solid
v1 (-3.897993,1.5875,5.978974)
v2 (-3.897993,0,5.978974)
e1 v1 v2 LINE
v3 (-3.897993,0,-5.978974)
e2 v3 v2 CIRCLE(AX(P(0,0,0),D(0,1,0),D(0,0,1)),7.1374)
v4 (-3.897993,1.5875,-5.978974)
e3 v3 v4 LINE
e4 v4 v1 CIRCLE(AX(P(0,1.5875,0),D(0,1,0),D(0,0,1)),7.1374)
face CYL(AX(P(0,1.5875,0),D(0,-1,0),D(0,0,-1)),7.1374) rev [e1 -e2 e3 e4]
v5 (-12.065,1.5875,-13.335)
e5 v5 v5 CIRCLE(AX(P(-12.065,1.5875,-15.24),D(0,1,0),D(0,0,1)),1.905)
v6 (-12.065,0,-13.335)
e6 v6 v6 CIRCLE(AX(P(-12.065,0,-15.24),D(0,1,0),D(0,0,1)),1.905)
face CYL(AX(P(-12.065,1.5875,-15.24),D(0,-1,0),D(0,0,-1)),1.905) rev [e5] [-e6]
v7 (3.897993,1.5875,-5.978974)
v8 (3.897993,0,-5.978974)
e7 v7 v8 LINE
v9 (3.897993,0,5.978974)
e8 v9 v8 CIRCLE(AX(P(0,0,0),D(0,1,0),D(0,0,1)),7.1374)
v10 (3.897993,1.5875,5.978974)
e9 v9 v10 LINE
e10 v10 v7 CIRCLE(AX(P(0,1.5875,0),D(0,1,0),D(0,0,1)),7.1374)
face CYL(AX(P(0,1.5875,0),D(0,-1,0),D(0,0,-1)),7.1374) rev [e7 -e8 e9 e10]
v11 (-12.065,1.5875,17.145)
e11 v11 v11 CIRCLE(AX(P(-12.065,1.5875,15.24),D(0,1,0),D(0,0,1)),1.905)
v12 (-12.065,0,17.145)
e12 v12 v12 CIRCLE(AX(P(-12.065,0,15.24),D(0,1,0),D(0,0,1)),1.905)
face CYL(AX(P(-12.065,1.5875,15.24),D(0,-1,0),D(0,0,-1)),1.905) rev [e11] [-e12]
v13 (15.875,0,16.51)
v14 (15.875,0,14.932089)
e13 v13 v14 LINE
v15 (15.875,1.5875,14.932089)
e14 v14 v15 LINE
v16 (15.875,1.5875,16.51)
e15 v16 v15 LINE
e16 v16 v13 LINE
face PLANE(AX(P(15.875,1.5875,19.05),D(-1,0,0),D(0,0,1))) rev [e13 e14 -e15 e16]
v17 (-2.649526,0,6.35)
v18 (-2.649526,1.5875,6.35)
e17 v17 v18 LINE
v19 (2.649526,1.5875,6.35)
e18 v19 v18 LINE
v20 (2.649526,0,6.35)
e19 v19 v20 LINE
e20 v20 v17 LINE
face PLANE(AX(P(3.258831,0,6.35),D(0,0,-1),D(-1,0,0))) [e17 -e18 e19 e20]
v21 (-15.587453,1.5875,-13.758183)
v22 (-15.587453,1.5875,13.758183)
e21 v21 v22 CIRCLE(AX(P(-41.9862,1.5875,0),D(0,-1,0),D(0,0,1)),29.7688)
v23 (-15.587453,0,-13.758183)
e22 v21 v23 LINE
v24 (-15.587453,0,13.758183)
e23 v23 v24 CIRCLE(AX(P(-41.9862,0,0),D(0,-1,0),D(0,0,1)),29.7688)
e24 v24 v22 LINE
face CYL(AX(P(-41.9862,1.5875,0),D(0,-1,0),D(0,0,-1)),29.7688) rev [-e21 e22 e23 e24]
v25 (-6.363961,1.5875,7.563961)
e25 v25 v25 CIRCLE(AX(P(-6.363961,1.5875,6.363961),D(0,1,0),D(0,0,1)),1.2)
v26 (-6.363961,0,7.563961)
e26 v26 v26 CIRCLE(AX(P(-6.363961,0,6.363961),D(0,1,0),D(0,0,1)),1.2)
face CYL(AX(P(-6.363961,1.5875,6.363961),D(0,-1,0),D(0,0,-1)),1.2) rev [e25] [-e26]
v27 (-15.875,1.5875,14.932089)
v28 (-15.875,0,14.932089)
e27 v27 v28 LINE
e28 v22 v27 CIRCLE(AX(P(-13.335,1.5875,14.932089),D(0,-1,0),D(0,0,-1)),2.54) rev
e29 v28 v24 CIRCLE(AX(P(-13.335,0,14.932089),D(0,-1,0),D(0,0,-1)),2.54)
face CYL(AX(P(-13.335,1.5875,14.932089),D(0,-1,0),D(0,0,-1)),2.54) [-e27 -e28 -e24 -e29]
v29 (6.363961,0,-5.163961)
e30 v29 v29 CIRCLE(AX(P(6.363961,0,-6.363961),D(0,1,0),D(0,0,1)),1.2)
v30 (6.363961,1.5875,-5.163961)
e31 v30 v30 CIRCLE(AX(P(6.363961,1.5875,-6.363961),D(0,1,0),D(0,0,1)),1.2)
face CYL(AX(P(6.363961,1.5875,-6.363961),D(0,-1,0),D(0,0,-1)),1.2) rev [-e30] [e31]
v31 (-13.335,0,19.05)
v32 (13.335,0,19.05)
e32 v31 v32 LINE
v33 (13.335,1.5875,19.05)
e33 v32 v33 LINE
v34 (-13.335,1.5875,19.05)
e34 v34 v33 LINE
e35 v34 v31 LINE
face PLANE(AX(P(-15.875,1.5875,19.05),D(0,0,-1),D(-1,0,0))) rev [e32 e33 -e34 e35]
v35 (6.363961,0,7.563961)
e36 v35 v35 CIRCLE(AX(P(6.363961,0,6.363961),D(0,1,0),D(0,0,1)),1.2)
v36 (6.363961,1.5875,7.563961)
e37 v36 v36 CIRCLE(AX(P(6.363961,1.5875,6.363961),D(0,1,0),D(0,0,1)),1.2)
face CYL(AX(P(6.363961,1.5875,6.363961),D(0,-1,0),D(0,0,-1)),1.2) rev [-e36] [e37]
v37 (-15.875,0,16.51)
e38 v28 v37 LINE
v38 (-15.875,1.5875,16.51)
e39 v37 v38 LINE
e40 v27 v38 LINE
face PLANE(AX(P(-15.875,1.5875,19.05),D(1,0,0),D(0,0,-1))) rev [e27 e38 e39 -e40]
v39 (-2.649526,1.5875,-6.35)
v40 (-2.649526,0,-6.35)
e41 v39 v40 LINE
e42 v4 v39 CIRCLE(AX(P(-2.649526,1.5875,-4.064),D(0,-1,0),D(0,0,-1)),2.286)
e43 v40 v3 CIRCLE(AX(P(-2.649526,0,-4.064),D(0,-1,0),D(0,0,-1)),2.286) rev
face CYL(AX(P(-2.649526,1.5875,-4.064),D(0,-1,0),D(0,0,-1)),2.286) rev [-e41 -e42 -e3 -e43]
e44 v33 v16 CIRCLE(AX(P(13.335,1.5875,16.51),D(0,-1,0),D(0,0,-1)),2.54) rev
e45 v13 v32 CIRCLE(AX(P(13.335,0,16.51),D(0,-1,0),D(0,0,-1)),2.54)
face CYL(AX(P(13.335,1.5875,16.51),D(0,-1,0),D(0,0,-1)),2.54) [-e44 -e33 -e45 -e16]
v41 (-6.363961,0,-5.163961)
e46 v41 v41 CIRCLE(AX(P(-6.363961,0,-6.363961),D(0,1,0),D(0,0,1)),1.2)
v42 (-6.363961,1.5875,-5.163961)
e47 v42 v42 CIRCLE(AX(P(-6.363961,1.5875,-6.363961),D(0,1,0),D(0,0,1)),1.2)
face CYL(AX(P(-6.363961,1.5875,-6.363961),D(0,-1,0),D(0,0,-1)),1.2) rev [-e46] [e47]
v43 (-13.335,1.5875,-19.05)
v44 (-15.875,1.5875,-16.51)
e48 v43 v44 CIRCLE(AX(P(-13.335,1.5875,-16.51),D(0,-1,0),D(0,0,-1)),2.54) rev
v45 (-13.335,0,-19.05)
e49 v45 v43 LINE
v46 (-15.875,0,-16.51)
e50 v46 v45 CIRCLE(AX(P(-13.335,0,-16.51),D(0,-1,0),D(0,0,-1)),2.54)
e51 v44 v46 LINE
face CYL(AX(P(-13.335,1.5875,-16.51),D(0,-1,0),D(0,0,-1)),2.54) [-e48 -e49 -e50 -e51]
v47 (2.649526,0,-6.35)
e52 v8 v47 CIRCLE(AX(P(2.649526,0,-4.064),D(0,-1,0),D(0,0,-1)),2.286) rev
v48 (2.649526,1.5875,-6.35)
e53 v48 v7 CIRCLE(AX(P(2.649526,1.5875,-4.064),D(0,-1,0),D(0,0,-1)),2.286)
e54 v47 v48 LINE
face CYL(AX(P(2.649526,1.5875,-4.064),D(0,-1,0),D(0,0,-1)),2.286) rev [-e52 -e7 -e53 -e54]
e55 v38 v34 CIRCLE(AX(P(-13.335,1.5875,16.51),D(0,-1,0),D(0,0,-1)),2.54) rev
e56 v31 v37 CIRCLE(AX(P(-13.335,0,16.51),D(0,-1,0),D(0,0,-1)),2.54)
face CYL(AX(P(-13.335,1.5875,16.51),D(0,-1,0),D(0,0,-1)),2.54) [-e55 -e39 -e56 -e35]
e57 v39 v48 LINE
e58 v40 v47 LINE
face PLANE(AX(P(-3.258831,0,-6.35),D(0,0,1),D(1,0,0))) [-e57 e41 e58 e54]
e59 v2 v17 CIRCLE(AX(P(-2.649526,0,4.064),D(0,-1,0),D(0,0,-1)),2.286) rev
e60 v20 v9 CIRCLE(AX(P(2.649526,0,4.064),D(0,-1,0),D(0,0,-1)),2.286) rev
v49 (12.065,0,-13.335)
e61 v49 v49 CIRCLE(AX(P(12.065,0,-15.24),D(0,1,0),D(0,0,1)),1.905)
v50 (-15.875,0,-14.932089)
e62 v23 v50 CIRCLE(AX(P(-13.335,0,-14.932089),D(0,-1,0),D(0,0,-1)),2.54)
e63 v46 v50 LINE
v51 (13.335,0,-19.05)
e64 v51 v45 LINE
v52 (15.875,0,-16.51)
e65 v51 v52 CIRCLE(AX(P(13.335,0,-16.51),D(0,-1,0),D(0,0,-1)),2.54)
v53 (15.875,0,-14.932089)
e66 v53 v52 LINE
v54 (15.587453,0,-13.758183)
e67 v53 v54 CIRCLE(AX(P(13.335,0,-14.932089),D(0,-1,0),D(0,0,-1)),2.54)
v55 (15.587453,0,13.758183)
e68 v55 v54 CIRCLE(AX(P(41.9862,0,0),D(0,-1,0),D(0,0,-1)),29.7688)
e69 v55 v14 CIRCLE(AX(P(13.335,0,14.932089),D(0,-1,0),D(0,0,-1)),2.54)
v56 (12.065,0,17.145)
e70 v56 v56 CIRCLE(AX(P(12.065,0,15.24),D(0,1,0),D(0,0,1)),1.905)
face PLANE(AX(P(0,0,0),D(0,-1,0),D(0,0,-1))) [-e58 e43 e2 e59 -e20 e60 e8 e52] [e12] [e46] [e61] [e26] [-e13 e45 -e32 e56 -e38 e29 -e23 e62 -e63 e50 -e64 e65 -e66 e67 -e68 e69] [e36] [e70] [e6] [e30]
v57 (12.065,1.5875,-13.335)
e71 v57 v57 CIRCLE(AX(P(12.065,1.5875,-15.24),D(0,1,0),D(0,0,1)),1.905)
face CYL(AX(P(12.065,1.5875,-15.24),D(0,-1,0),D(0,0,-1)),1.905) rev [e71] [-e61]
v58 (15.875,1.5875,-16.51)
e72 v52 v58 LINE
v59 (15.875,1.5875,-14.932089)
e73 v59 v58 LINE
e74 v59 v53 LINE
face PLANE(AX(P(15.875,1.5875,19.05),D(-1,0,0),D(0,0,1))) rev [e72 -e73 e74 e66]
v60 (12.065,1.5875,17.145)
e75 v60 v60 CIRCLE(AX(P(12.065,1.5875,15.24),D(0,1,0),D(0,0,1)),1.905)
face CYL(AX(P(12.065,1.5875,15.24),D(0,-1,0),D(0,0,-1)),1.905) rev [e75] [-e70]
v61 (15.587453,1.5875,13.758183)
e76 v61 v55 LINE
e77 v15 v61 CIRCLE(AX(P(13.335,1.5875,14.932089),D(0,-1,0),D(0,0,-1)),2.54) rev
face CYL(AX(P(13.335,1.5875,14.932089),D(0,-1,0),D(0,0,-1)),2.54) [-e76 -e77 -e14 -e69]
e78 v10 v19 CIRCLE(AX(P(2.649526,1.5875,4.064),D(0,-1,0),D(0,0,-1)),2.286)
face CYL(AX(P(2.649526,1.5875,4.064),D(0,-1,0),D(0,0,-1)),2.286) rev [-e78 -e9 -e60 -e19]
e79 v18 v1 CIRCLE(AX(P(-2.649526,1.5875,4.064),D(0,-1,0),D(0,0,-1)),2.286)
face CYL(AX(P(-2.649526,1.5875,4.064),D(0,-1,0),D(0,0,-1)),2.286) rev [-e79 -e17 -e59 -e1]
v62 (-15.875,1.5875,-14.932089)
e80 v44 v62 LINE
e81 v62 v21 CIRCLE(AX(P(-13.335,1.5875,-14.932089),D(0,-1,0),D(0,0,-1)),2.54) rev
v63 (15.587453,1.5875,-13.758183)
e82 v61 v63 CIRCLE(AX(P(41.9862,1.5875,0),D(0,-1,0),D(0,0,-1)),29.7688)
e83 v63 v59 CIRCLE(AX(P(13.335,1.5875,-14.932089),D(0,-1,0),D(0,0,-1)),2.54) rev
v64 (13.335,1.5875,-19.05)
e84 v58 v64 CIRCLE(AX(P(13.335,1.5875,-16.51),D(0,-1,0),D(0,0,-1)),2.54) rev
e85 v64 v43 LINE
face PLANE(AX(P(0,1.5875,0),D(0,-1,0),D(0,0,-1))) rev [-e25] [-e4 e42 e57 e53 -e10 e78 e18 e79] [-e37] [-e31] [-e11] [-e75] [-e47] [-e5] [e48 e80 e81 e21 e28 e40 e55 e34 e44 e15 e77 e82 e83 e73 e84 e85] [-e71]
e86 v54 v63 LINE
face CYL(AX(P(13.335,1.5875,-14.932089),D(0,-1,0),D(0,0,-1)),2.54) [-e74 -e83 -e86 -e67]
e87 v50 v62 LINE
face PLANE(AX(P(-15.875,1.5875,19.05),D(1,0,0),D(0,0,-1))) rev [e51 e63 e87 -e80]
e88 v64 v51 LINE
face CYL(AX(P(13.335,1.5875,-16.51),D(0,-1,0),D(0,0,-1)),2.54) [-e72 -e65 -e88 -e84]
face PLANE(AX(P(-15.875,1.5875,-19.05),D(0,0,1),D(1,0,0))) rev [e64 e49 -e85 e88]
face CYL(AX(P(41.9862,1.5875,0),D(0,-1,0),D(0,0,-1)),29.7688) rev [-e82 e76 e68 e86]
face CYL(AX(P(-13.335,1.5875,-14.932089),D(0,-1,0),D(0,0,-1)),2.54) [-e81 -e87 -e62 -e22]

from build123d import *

# Parameters (mm, degrees)
SKETCH1_W           = 31.75
SKETCH1_H           = 38.1
SKETCH1_R           = 7.1374
SKETCH1_R_2         = 1.2
SKETCH1_R_3         = 1.905
BOSS_EXTRUDE1_DEPTH = 1.5875
BOSS_EXTRUDE3_DEPTH = 1.5875
CUT_EXTRUDE1_DEPTH  = 2.5875
FILLET3_R           = 2.54
FILLET2_R           = 2.286


with BuildPart() as part:
    # Sketch1 → Boss-Extrude1 (new body)
    with BuildSketch(Plane(origin=(0, 0, 0), x_dir=(1, 0, 0), z_dir=(0, 1, 0))):
        Rectangle(SKETCH1_W, SKETCH1_H)
        Circle(SKETCH1_R, mode=Mode.SUBTRACT)
        with Locations((-6.363961031, -6.363961031)):
            Circle(SKETCH1_R_2, mode=Mode.SUBTRACT)
        with Locations((-6.363961031, 6.363961031)):
            Circle(SKETCH1_R_2, mode=Mode.SUBTRACT)
        with Locations((6.363961031, 6.363961031)):
            Circle(SKETCH1_R_2, mode=Mode.SUBTRACT)
        with Locations((6.363961031, -6.363961031)):
            Circle(SKETCH1_R_2, mode=Mode.SUBTRACT)
        with Locations((-12.065, -15.24)):
            Circle(SKETCH1_R_3, mode=Mode.SUBTRACT)
        with Locations((-12.065, 15.24)):
            Circle(SKETCH1_R_3, mode=Mode.SUBTRACT)
        with Locations((12.065, 15.24)):
            Circle(SKETCH1_R_3, mode=Mode.SUBTRACT)
        with Locations((12.065, -15.24)):
            Circle(SKETCH1_R_3, mode=Mode.SUBTRACT)
    extrude(amount=BOSS_EXTRUDE1_DEPTH)

    # Sketch3 → Boss-Extrude3 (add, through all)
    with BuildSketch(Plane(origin=(0, 1.5875, 0), x_dir=(1, 0, 0), z_dir=(0, 1, 0))):
        with BuildLine():
            Line((-3.258830889, 6.35), (3.258830889, 6.35))
            ThreePointArc((3.258830889, 6.35), (0, 7.1374), (-3.258830889, 6.35))
        make_face()
        with BuildLine():
            Line((3.258830889, -6.35), (-3.258830889, -6.35))
            ThreePointArc((-3.258830889, -6.35), (0, -7.1374), (3.258830889, -6.35))
        make_face()
    extrude(amount=-BOSS_EXTRUDE3_DEPTH)

    # Sketch4 → Cut-Extrude1 (cut, through all)
    with BuildSketch(Plane.XZ):
        with BuildLine():
            Line((-15.875, 14.296387236), (-15.875, -14.296387236))
            ThreePointArc((-15.875, -14.296387236), (-12.2174, 0), (-15.875, 14.296387236))
        make_face()
        with BuildLine():
            Line((15.875, -14.296387236), (15.875, 14.296387236))
            ThreePointArc((15.875, 14.296387236), (12.2174, 0), (15.875, -14.296387236))
        make_face()
    extrude(amount=-CUT_EXTRUDE1_DEPTH, mode=Mode.SUBTRACT)

    # Fillet3
    fillet3_edges = [part.edges().sort_by_distance(p)[0] for p in [
        (-15.875, 0.79375, 14.296387236),
        (-15.875, 0.79375, -14.296387236),
        (15.875, 0.79375, 19.05),
        (-15.875, 0.79375, 19.05),
        (15.875, 0.79375, -14.296387236),
        (-15.875, 0.79375, -19.05),
        (15.875, 0.79375, 14.296387236),
        (15.875, 0.79375, -19.05),
    ]]
    fillet(fillet3_edges, radius=FILLET3_R)

    # Fillet2
    fillet2_edges = [part.edges().sort_by_distance(p)[0] for p in [
        (-3.258830889, 0.79375, -6.35),
        (3.258830889, 0.79375, -6.35),
        (3.258830889, 0.79375, 6.35),
        (-3.258830889, 0.79375, 6.35),
    ]]
    fillet(fillet2_edges, radius=FILLET2_R)


solid = part.part
